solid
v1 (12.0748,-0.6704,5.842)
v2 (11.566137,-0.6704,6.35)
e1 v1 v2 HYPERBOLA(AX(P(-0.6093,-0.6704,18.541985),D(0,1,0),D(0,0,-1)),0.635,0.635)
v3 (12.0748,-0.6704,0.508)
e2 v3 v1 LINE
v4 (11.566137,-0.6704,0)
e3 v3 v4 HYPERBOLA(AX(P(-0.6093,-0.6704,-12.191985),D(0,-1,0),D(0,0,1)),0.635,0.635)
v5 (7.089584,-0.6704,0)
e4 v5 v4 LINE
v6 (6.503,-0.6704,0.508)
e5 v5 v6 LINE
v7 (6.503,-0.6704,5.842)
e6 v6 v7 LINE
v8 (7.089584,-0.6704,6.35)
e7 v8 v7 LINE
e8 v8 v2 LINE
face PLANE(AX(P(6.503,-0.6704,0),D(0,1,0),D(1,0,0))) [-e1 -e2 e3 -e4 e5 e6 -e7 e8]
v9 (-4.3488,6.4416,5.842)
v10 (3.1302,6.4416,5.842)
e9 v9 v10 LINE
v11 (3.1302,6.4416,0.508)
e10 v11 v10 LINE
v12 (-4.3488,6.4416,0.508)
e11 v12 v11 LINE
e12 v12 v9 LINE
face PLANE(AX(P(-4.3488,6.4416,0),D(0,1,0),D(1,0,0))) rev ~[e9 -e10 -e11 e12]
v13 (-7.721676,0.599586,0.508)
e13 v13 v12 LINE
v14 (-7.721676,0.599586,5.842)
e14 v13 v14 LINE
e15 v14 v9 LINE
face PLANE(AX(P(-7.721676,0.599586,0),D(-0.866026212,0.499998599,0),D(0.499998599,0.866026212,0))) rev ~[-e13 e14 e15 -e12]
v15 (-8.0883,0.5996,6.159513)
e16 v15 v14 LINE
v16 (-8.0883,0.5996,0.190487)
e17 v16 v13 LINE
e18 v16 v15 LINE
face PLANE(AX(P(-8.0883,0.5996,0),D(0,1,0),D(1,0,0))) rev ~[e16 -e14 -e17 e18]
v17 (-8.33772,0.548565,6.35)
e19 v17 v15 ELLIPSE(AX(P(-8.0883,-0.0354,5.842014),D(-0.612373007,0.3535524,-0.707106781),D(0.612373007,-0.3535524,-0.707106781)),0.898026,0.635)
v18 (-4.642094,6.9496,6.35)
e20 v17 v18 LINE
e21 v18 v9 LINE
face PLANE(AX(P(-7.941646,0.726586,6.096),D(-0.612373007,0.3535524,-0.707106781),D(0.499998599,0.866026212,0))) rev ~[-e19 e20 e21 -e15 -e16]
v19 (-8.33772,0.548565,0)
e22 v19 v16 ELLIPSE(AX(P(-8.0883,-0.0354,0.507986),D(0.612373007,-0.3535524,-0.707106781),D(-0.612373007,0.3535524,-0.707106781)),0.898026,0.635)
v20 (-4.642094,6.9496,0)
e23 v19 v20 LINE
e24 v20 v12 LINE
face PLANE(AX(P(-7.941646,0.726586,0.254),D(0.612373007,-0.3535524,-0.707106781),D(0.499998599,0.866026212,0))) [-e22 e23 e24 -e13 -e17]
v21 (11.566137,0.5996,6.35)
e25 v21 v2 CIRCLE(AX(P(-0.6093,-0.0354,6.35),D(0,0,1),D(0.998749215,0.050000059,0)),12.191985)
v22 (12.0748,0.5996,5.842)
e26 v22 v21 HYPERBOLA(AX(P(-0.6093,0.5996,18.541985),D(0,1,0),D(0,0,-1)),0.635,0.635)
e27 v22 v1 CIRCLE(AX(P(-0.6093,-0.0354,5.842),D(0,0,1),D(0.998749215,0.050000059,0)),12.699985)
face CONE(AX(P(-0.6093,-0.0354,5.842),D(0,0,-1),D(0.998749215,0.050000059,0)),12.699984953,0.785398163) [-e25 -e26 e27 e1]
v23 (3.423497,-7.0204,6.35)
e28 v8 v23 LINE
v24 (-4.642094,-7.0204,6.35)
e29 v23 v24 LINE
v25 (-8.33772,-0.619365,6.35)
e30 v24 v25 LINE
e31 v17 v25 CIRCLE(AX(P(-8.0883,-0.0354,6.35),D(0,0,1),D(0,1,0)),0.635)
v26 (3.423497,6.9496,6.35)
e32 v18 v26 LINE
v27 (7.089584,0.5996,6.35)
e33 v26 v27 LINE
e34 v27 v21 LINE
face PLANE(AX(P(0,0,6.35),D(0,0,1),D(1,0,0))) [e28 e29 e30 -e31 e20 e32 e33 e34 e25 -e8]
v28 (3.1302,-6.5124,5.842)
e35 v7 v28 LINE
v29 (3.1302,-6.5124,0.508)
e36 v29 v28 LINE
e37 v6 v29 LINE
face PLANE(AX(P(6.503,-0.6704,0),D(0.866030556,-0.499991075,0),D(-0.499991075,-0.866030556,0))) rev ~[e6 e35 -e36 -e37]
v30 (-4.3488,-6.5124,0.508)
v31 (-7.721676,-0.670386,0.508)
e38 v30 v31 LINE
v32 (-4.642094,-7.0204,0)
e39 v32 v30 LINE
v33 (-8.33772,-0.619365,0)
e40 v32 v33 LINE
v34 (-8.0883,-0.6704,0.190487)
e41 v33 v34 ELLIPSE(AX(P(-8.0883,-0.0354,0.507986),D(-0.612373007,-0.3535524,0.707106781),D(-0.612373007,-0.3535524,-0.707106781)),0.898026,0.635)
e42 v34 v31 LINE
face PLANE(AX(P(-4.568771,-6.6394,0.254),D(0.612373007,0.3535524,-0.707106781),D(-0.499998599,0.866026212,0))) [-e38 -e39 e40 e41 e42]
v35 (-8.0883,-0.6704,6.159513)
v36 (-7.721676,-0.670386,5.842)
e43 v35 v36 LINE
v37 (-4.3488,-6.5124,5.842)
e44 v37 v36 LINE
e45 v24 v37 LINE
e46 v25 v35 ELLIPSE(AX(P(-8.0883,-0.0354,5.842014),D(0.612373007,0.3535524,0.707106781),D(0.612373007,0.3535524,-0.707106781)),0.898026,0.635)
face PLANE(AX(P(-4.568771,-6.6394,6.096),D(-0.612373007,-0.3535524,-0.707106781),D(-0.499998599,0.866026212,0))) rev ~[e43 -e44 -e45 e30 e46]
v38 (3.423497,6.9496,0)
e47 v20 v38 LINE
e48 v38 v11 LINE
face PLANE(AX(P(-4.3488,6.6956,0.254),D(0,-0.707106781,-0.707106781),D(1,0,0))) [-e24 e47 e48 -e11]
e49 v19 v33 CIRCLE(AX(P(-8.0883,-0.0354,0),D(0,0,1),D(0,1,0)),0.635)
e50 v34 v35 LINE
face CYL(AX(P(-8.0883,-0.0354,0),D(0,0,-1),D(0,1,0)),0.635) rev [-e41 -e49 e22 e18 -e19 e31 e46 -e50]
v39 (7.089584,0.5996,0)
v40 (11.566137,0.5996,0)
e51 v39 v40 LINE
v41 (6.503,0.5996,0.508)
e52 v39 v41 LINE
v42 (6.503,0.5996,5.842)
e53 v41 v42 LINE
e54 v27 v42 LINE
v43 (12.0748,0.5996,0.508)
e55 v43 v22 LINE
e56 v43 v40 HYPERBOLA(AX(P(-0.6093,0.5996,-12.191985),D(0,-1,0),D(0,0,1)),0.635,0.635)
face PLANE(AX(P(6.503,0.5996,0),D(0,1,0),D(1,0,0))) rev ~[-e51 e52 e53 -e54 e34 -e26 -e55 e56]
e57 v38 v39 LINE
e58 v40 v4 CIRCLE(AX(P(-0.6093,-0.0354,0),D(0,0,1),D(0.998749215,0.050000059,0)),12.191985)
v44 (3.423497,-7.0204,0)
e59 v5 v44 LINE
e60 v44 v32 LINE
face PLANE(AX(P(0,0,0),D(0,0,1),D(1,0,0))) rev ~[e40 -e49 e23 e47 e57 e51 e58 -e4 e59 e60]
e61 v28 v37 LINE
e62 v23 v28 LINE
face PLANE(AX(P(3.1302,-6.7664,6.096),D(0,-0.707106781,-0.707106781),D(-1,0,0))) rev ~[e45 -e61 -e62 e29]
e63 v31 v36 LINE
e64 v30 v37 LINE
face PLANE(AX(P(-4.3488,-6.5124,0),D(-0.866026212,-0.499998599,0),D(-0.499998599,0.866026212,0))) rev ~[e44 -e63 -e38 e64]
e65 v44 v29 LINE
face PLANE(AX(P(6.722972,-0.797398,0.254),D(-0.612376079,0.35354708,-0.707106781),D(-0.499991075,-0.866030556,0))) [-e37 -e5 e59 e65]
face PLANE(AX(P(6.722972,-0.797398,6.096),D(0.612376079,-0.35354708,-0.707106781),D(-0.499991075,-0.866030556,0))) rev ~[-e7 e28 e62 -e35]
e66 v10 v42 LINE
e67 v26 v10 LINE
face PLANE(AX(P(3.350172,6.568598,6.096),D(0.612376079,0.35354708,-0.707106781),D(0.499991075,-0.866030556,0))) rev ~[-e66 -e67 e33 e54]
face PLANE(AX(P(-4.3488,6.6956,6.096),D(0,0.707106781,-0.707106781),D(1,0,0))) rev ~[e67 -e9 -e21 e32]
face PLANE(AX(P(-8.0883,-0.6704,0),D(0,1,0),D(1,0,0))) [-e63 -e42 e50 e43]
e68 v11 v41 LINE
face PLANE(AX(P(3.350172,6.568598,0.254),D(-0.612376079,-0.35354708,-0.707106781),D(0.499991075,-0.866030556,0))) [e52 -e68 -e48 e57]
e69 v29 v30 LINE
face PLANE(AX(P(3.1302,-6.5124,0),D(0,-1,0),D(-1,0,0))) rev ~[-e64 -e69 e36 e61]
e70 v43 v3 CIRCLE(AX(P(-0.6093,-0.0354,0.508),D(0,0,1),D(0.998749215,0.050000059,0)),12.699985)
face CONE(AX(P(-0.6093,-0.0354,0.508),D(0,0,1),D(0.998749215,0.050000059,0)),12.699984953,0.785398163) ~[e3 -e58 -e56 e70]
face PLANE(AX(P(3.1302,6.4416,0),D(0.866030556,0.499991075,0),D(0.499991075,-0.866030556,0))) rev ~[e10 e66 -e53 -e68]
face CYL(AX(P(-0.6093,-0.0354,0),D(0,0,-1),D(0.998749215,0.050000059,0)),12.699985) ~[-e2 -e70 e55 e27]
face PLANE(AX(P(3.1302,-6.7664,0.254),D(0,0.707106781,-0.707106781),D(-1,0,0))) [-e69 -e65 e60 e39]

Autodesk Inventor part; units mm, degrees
ref_plane "YZ Plane" through (0, 0, 0) normal (1, 0, 0) x (0, 1, 0)
ref_plane "XZ Plane" through (0, 0, 0) normal (0, 1, 0) x (-1, 0, 0)
ref_plane "XY Plane" through (0, 0, 0) normal (0, 0, 1) x (1, 0, 0)
sketch "Sketch1" plane through (0, 0, 0) normal (0, 0, 1) x (1, 0, 0)
  line L0 (-4.3488, 6.4416) -> (3.1302, 6.4416)
  line L1 (3.1302, 6.4416) -> (6.503, 0.5996)
  line L2 (6.503, -0.6704) -> (3.1302, -6.5124)
  line L3 (3.1302, -6.5124) -> (-4.3488, -6.5124)
  line L4 (-4.3488, -6.5124) -> (-7.7708, -0.5853)
  line L5 (-7.7708, 0.5145) -> (-4.3488, 6.4416)
  arc A0 (12.0748, 0.5996) -> (12.0748, -0.6704) centre (-0.6093, -0.0354) ccw
  arc A1 (-8.0883, 0.5996) -> (-8.0883, -0.6704) centre (-8.0883, -0.0354) ccw
  line L6 (-8.0883, 0.5996) -> (-7.7217, 0.5996)
  line L7 (6.503, 0.5996) -> (12.0748, 0.5996)
  line L8 (-8.0883, -0.6704) -> (-7.7217, -0.6704)
  line L9 (6.503, -0.6704) -> (12.0748, -0.6704)
  point P0 (-0.6093, 6.4416)
  dimension "d2" = 12.954
  dimension "d3" = 25.4
  dimension "d4" = 1.27
extrude "Extrusion1" add sketch "Sketch1" along normal blind 6.35
chamfer "Chamfer1" distance 0.508 angle 45 2 edges at (-13.3093, -0.0354, 6.35) (-13.3093, -0.0354, 0)
chamfer "Chamfer2" distance 0.508 angle 45 12 edges at (-6.0353, 3.5206, 6.35) (-0.6093, 6.4416, 6.35) (4.8166, 3.5206, 6.35) (4.8166, -3.5914, 6.35) (-0.6093, -6.5124, 6.35) (-6.0353, -3.5914, 6.35) (-6.0353, -3.5914, 0) (-6.0353, 3.5206, 0) (-0.6093, -6.5124, 0) (4.8166, -3.5914, 0) (4.8166, 3.5206, 0) (-0.6093, 6.4416, 0)
properties part number "Hex Shaft Collar"
